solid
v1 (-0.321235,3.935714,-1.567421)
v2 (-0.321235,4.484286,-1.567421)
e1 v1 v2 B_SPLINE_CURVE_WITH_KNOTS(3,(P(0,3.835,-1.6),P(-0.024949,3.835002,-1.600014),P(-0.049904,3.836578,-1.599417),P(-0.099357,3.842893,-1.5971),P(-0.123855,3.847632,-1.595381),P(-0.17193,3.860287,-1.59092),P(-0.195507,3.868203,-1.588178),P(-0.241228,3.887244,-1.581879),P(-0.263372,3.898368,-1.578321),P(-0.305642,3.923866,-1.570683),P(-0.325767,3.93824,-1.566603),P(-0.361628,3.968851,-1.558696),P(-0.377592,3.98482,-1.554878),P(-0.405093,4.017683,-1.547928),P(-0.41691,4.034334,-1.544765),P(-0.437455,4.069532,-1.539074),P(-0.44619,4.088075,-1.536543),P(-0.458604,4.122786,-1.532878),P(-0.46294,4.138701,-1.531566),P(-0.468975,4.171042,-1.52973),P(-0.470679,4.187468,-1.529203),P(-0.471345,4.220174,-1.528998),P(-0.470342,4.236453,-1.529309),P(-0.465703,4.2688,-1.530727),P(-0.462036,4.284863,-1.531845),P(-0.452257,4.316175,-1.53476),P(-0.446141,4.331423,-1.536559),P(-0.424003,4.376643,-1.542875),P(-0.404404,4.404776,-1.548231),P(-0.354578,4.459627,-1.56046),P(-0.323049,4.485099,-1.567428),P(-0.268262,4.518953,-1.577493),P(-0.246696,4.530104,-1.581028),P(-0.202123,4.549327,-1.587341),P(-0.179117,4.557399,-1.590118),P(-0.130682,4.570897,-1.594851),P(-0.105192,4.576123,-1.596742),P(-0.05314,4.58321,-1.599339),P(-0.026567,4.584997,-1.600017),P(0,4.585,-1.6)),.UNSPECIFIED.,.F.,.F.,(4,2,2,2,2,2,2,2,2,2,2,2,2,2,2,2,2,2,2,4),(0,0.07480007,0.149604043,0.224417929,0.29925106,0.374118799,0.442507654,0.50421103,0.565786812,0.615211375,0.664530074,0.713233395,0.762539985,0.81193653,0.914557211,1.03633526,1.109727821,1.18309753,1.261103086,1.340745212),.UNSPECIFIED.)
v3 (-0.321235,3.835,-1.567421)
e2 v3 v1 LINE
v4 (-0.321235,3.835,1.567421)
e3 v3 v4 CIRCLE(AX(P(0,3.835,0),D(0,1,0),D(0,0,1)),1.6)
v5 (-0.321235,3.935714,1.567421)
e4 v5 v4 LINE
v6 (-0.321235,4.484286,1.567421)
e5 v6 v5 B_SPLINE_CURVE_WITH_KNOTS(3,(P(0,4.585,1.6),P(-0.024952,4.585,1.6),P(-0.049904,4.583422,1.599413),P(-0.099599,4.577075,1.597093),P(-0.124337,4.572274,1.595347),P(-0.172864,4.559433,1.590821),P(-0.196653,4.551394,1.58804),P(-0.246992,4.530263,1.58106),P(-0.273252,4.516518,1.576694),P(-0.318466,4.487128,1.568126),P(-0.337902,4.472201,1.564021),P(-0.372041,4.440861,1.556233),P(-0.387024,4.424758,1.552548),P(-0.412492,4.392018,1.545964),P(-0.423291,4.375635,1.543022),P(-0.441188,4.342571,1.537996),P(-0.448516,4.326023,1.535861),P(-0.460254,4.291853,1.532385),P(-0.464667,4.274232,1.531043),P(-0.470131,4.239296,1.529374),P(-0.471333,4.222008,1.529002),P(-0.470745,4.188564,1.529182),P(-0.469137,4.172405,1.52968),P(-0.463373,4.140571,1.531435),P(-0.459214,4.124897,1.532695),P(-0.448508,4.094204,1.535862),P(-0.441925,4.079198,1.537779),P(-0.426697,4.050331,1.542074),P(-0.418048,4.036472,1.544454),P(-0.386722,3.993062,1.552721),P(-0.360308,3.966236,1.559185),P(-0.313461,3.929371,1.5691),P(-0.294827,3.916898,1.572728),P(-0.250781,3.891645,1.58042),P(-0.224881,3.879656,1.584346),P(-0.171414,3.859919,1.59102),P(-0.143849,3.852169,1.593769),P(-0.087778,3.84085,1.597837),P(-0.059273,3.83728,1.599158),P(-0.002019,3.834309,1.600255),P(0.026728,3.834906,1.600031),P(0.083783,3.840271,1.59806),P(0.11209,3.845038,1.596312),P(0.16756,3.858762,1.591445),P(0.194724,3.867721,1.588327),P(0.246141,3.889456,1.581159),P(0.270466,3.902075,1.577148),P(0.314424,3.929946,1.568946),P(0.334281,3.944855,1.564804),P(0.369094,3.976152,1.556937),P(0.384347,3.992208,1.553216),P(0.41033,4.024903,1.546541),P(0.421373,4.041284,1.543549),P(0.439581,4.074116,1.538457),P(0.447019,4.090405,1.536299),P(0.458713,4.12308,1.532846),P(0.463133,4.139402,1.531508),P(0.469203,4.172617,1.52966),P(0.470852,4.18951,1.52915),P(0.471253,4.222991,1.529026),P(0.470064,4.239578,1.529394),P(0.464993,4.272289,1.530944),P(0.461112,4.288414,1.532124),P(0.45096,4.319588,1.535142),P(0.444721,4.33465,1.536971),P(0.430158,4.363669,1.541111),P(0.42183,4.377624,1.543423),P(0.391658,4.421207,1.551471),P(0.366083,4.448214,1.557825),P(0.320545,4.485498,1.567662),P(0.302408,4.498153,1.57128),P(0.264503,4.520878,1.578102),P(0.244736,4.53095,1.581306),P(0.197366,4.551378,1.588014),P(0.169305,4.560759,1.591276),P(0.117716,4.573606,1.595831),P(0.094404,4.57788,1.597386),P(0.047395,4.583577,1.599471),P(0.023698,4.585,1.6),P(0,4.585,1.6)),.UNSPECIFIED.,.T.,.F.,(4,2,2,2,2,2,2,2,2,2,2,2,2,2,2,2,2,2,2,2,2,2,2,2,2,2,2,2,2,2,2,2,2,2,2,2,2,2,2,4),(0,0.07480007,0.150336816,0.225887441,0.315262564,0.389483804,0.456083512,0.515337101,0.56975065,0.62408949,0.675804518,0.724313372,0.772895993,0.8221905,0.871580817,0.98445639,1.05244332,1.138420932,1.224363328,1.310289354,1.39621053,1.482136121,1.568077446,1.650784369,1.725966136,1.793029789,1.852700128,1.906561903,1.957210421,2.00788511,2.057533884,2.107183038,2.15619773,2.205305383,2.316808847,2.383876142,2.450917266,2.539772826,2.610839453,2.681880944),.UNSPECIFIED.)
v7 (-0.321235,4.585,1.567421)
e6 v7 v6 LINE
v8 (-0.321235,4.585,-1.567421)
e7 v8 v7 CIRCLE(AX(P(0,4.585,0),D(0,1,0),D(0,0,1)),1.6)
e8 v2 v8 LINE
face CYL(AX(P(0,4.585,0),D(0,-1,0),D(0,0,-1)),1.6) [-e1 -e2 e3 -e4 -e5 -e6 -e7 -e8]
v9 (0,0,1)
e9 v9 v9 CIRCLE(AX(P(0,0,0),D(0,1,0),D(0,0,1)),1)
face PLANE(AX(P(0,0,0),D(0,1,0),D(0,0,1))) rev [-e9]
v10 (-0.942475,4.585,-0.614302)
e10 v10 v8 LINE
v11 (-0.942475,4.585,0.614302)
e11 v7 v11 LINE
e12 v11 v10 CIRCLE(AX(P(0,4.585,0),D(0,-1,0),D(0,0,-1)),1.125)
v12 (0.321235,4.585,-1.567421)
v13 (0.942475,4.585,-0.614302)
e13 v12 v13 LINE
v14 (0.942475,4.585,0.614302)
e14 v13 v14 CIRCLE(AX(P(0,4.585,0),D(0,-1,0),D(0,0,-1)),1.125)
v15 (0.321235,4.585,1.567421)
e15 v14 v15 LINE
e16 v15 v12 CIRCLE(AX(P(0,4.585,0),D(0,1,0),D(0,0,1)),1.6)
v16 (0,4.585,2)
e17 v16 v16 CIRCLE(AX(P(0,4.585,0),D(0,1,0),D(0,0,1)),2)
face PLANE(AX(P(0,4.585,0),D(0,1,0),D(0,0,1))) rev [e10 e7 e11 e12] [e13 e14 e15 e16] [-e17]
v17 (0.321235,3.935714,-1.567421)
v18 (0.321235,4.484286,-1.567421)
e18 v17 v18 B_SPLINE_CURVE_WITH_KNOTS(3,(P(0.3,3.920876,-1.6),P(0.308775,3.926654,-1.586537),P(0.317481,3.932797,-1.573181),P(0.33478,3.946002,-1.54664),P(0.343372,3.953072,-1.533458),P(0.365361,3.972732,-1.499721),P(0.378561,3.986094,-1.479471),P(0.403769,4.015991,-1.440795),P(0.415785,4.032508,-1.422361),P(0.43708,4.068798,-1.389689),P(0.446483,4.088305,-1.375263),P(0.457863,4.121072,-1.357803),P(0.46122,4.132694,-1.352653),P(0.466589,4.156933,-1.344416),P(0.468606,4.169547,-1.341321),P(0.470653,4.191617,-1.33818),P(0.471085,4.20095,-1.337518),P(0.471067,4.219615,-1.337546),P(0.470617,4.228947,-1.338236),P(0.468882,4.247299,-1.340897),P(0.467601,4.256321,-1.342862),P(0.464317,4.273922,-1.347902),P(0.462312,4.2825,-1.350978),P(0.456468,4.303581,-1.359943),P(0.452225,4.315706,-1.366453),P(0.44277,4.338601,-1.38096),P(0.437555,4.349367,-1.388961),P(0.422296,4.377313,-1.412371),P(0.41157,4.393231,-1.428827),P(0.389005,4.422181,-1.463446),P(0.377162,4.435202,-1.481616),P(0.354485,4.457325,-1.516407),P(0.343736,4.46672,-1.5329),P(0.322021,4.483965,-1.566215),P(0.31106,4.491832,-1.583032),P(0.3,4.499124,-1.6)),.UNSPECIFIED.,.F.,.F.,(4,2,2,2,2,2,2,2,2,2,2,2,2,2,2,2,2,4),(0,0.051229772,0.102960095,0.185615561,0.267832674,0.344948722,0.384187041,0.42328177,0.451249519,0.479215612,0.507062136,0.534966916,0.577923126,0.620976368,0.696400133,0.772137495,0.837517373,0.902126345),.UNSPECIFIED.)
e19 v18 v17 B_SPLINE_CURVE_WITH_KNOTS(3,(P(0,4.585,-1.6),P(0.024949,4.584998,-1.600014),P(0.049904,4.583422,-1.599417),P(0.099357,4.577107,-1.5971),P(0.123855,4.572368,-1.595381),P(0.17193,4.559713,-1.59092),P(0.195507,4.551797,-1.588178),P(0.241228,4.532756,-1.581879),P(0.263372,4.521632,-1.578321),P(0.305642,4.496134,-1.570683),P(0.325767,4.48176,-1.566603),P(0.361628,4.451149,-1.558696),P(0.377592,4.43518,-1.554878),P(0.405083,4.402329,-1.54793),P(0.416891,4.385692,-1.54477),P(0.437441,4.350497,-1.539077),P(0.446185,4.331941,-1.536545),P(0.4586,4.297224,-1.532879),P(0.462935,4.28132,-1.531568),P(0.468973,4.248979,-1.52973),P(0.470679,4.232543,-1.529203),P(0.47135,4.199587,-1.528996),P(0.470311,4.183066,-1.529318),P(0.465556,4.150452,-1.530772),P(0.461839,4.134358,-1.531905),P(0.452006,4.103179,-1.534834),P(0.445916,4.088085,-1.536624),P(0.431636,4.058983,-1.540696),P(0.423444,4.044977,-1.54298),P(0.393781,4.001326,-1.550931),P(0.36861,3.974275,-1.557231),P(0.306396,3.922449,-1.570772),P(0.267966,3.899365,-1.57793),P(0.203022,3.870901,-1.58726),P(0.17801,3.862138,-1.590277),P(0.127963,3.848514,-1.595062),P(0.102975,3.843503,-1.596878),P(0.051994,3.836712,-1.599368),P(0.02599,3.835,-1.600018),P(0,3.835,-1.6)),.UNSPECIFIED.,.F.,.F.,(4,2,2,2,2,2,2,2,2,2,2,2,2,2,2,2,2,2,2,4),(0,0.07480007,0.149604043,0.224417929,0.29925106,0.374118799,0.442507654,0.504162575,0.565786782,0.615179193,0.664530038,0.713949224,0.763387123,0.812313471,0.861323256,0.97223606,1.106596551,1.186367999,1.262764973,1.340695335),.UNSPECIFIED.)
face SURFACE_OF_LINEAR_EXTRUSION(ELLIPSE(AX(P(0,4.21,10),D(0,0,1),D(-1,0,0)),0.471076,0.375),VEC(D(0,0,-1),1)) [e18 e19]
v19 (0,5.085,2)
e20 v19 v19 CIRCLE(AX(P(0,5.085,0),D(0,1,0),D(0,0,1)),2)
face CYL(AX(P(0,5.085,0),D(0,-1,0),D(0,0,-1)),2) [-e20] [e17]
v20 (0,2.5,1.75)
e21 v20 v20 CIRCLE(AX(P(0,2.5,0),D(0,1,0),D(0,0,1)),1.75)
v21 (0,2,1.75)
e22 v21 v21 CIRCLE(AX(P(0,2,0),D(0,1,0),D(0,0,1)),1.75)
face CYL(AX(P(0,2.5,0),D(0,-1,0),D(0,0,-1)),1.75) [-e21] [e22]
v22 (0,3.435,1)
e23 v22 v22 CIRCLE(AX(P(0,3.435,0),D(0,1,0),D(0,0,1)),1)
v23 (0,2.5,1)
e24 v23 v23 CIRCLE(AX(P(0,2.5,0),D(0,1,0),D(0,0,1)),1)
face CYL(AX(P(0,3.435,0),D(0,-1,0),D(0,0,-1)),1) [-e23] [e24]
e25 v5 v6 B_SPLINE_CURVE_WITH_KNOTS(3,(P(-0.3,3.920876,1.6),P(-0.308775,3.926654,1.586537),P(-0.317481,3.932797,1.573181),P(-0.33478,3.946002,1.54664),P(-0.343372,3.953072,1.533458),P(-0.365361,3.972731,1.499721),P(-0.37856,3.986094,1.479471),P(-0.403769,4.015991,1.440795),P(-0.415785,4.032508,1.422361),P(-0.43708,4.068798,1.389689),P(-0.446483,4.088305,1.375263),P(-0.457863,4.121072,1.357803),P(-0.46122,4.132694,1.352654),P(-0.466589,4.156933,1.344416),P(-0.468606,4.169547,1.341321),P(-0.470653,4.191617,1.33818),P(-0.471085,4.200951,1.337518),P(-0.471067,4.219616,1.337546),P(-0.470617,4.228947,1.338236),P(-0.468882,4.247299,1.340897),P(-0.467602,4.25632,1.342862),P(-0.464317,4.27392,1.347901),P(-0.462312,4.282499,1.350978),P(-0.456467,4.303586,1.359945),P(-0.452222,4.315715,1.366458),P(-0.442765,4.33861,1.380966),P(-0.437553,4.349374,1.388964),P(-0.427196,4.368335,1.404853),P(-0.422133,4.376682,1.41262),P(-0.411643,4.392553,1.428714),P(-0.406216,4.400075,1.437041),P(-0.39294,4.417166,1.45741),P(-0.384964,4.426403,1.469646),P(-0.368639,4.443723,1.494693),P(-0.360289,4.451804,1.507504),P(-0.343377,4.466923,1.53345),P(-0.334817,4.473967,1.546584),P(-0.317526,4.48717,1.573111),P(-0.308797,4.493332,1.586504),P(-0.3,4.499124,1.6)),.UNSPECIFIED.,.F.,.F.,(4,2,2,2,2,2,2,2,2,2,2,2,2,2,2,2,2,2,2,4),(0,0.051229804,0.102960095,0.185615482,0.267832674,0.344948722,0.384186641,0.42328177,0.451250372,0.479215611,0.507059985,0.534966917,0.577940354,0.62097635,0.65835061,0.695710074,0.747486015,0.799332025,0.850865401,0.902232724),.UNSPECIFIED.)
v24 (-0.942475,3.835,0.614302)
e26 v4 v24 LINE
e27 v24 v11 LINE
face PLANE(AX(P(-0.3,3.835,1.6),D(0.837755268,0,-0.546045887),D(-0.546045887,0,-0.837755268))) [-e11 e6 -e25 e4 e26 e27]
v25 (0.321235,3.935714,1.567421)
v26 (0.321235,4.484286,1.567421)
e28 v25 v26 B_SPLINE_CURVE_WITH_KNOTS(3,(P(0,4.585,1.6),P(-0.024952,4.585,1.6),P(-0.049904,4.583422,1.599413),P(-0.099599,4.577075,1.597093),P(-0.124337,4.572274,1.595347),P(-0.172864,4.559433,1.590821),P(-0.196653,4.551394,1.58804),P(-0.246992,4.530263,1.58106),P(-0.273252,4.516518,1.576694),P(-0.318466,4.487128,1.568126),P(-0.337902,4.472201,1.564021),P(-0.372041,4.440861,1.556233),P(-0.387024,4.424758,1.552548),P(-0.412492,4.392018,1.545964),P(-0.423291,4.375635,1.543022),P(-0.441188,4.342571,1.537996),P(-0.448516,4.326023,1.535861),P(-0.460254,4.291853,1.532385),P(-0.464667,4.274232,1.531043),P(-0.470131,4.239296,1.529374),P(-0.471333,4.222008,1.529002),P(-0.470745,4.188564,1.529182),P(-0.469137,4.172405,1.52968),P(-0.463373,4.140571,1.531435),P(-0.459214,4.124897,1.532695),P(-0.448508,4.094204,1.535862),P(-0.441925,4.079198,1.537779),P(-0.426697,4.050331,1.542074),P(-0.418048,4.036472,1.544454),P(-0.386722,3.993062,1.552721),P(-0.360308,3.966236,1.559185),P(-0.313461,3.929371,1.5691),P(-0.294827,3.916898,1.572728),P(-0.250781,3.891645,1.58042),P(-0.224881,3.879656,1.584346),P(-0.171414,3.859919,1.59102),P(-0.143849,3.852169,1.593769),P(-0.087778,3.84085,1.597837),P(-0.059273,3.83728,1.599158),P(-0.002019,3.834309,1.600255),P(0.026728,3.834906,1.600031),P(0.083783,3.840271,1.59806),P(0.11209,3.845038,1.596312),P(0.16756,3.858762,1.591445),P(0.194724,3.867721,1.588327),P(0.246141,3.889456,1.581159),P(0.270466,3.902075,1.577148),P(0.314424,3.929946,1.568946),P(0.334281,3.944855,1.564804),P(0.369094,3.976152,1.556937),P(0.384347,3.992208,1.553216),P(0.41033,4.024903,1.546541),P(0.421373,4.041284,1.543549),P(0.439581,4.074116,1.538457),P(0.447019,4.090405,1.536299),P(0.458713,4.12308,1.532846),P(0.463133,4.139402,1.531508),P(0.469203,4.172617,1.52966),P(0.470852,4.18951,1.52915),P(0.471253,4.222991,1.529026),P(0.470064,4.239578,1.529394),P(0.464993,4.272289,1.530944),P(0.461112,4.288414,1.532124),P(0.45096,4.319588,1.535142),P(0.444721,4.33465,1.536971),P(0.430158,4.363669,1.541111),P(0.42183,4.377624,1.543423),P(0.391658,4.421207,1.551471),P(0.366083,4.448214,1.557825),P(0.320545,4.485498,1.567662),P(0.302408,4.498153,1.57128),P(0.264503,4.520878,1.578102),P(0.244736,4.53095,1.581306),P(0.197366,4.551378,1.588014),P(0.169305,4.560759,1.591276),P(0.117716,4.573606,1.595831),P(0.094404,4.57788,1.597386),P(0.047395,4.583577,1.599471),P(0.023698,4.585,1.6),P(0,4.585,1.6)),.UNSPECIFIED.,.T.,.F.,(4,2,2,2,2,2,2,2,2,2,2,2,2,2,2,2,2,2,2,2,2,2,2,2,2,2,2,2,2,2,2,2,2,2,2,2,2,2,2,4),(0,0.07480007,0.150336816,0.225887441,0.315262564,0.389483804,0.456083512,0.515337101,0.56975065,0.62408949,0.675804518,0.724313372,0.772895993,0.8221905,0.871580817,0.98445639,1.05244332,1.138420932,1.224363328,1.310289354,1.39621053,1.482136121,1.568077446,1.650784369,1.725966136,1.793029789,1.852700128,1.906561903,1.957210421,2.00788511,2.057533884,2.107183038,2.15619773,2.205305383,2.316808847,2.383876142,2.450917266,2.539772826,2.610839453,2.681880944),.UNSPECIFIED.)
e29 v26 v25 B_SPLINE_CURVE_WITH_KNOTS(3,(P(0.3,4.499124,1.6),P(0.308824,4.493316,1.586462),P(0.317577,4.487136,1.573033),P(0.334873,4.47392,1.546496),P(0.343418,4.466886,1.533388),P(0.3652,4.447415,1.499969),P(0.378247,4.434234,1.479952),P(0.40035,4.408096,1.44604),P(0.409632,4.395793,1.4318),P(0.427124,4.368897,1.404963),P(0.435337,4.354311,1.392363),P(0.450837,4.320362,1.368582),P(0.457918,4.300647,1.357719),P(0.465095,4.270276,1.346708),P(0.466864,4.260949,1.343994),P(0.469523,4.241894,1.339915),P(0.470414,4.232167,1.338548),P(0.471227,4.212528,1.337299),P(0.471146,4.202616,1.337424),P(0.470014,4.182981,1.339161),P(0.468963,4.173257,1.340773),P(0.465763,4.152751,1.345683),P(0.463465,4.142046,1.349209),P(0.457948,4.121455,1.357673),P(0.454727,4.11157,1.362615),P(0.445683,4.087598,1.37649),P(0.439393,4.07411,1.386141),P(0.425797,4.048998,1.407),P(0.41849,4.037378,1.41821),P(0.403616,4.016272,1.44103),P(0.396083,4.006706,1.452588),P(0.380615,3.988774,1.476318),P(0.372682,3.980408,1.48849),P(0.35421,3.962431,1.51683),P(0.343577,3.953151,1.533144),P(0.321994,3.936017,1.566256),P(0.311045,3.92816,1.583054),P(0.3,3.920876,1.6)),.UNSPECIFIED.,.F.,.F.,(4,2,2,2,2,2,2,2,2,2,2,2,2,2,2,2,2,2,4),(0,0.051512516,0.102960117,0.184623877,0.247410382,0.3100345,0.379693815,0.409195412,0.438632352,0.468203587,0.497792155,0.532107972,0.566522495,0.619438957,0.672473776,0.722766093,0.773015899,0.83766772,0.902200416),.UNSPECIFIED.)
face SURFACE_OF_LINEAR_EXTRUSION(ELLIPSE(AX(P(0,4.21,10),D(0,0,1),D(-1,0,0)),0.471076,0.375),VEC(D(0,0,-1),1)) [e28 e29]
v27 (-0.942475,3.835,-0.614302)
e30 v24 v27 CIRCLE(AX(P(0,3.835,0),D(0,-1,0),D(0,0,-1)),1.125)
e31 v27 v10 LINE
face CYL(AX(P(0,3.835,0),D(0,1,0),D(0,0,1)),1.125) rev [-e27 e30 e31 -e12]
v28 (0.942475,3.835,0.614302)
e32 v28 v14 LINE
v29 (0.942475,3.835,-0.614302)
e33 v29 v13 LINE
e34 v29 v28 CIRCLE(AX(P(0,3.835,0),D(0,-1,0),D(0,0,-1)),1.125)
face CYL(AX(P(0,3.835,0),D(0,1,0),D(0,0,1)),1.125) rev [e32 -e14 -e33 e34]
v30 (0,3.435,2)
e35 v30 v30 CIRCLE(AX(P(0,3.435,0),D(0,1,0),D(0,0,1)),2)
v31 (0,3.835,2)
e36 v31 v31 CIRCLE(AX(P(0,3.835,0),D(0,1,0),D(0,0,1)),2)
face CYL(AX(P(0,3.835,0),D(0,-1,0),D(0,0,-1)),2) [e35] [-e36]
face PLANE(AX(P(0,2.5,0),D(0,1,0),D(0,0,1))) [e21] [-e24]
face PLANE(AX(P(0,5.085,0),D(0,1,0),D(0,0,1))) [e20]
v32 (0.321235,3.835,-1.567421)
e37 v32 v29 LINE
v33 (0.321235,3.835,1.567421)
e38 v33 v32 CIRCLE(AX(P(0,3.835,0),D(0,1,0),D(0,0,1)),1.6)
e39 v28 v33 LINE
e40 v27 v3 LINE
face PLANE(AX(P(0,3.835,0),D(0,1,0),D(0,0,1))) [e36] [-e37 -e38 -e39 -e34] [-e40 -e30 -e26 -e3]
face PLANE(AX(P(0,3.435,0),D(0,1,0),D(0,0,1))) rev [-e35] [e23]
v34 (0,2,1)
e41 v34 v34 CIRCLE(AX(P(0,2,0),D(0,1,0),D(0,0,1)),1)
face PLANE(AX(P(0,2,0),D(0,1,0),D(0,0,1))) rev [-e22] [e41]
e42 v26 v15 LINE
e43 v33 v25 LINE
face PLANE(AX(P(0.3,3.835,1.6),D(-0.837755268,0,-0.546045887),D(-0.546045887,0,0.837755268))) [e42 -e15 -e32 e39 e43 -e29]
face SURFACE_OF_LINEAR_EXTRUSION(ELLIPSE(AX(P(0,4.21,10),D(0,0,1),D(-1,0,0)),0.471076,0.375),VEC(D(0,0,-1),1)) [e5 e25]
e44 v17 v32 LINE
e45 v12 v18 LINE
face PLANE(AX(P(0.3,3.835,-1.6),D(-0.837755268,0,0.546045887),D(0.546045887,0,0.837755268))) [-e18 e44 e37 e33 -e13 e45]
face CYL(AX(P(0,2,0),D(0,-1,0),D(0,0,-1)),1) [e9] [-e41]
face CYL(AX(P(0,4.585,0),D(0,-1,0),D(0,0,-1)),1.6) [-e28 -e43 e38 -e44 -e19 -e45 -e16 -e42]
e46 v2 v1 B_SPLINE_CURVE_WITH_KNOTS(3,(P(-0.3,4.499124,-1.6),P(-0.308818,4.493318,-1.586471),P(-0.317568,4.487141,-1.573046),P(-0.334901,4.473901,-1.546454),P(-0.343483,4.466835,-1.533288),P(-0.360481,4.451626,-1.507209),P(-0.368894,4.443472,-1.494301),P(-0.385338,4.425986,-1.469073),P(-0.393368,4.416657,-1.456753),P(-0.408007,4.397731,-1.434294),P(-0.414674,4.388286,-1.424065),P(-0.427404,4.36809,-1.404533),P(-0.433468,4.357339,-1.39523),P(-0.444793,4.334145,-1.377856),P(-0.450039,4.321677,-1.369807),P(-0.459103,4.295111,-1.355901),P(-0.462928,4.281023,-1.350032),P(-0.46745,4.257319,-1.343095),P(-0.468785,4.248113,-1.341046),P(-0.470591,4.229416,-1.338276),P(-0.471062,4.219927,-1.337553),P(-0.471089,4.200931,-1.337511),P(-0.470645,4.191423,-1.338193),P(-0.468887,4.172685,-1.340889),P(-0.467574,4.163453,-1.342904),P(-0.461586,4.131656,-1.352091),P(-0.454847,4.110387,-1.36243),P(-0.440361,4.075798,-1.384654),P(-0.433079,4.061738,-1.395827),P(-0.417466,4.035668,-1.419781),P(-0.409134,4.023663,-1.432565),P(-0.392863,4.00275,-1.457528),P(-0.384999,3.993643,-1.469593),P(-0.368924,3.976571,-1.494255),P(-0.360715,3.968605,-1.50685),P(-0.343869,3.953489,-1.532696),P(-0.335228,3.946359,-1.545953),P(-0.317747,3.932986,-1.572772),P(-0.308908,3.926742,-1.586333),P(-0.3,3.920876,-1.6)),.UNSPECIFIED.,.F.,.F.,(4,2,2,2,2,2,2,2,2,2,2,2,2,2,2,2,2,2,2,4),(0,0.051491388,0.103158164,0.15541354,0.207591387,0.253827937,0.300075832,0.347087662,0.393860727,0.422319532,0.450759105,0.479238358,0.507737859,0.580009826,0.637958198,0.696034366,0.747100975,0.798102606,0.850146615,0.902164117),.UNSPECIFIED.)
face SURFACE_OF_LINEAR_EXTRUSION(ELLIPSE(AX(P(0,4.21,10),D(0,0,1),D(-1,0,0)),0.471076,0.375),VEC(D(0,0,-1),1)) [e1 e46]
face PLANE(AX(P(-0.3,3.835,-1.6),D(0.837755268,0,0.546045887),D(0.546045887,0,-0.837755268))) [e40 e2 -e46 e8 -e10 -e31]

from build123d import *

# Parameters (mm, degrees)
CROQUIS1_R                 = 1
SALIENTE_EXTRUIR1_DEPTH    = 2
CROQUIS2_R                 = 1.75
SALIENTE_EXTRUIR2_DEPTH    = 0.5
CROQUIS3_R                 = 1
SALIENTE_EXTRUIR3_DEPTH    = 0.935
CROQUIS4_R                 = 2
SALIENTE_EXTRUIR4_DEPTH    = 0.4
CROQUIS6_R                 = 1.6
SALIENTE_EXTRUIR5_DEPTH    = 0.75
CROQUIS7_R                 = 2
SALIENTE_EXTRUIR6_DEPTH    = 0.5
CORTAR_EXTRUIR2_DEPTH      = 10
CORTAR_EXTRUIR2_DEPTH_BACK = 10
CROQUIS11_RX               = 0.471075949
CROQUIS11_RY               = 0.375
CORTAR_EXTRUIR3_START      = 0.75
CROQUIS12_R                = 1
CORTAR_EXTRUIR3_DEPTH      = 0.75
CORTAR_EXTRUIR4_DEPTH      = 0.75


with BuildPart() as part:
    # Croquis1 → Saliente-Extruir1 (new body)
    with BuildSketch(Plane(origin=(0, 0, 0), x_dir=(1, 0, 0), z_dir=(0, 1, 0))):
        Circle(CROQUIS1_R)
    extrude(amount=SALIENTE_EXTRUIR1_DEPTH)

    # Croquis2 → Saliente-Extruir2 (add)
    with BuildSketch(Plane(origin=(0, 2, 0), x_dir=(1, 0, 0), z_dir=(0, 1, 0))):
        Circle(CROQUIS2_R)
    extrude(amount=SALIENTE_EXTRUIR2_DEPTH)

    # Croquis3 → Saliente-Extruir3 (add)
    with BuildSketch(Plane(origin=(0, 2.5, 0), x_dir=(1, 0, 0), z_dir=(0, 1, 0))):
        Circle(CROQUIS3_R)
    extrude(amount=SALIENTE_EXTRUIR3_DEPTH)

    # Croquis4 → Saliente-Extruir4 (add)
    with BuildSketch(Plane(origin=(0, 3.435, 0), x_dir=(1, 0, 0), z_dir=(0, 1, 0))):
        Circle(CROQUIS4_R)
    extrude(amount=SALIENTE_EXTRUIR4_DEPTH)

    # Croquis6 → Saliente-Extruir5 (add)
    with BuildSketch(Plane(origin=(0, 3.835, 0), x_dir=(1, 0, 0), z_dir=(0, 1, 0))):
        Circle(CROQUIS6_R)
    extrude(amount=SALIENTE_EXTRUIR5_DEPTH)

    # Croquis7 → Saliente-Extruir6 (add)
    with BuildSketch(Plane(origin=(0, 4.585, 0), x_dir=(1, 0, 0), z_dir=(0, 1, 0))):
        Circle(CROQUIS7_R)
    extrude(amount=SALIENTE_EXTRUIR6_DEPTH)

    # Croquis11 → Cortar-Extruir2 (cut, two sides: drawn at the far end of the back side and taken through both)
    with BuildSketch(Plane.XY.offset(-CORTAR_EXTRUIR2_DEPTH_BACK)):
        with Locations(Location((0, 4.21), (0, 0, 180))):
            Ellipse(CROQUIS11_RX, CROQUIS11_RY)
    extrude(amount=CORTAR_EXTRUIR2_DEPTH + CORTAR_EXTRUIR2_DEPTH_BACK, mode=Mode.SUBTRACT)

    # Croquis12 → Cortar-Extruir3 (cut)
    with BuildSketch(Plane.XZ.offset(-4.585).offset(CORTAR_EXTRUIR3_START)):
        Circle(CROQUIS12_R)
    extrude(amount=-CORTAR_EXTRUIR3_DEPTH, mode=Mode.SUBTRACT)

    # Croquis13 → Cortar-Extruir4 (cut)
    with BuildSketch(Plane.XZ.offset(-4.585)):
        with BuildLine():
            Line((-0.3, -1.6), (-0.942474676, -0.614301623))
            ThreePointArc((-0.942474676, -0.614301623), (-1.125, 0), (-0.942474676, 0.614301623))
            Line((-0.942474676, 0.614301623), (-0.3, 1.6))
            Line((-0.3, 1.6), (0, 1.6))
            Line((0, 1.6), (0.3, 1.6))
            Line((0.3, 1.6), (0.942474676, 0.614301623))
            ThreePointArc((0.942474676, 0.614301623), (1.125, 0), (0.942474676, -0.614301623))
            Line((0.942474676, -0.614301623), (0.3, -1.6))
            Line((0.3, -1.6), (0, -1.6))
            Line((0, -1.6), (-0.3, -1.6))
        make_face()
    extrude(amount=CORTAR_EXTRUIR4_DEPTH, mode=Mode.SUBTRACT)


solid = part.part
